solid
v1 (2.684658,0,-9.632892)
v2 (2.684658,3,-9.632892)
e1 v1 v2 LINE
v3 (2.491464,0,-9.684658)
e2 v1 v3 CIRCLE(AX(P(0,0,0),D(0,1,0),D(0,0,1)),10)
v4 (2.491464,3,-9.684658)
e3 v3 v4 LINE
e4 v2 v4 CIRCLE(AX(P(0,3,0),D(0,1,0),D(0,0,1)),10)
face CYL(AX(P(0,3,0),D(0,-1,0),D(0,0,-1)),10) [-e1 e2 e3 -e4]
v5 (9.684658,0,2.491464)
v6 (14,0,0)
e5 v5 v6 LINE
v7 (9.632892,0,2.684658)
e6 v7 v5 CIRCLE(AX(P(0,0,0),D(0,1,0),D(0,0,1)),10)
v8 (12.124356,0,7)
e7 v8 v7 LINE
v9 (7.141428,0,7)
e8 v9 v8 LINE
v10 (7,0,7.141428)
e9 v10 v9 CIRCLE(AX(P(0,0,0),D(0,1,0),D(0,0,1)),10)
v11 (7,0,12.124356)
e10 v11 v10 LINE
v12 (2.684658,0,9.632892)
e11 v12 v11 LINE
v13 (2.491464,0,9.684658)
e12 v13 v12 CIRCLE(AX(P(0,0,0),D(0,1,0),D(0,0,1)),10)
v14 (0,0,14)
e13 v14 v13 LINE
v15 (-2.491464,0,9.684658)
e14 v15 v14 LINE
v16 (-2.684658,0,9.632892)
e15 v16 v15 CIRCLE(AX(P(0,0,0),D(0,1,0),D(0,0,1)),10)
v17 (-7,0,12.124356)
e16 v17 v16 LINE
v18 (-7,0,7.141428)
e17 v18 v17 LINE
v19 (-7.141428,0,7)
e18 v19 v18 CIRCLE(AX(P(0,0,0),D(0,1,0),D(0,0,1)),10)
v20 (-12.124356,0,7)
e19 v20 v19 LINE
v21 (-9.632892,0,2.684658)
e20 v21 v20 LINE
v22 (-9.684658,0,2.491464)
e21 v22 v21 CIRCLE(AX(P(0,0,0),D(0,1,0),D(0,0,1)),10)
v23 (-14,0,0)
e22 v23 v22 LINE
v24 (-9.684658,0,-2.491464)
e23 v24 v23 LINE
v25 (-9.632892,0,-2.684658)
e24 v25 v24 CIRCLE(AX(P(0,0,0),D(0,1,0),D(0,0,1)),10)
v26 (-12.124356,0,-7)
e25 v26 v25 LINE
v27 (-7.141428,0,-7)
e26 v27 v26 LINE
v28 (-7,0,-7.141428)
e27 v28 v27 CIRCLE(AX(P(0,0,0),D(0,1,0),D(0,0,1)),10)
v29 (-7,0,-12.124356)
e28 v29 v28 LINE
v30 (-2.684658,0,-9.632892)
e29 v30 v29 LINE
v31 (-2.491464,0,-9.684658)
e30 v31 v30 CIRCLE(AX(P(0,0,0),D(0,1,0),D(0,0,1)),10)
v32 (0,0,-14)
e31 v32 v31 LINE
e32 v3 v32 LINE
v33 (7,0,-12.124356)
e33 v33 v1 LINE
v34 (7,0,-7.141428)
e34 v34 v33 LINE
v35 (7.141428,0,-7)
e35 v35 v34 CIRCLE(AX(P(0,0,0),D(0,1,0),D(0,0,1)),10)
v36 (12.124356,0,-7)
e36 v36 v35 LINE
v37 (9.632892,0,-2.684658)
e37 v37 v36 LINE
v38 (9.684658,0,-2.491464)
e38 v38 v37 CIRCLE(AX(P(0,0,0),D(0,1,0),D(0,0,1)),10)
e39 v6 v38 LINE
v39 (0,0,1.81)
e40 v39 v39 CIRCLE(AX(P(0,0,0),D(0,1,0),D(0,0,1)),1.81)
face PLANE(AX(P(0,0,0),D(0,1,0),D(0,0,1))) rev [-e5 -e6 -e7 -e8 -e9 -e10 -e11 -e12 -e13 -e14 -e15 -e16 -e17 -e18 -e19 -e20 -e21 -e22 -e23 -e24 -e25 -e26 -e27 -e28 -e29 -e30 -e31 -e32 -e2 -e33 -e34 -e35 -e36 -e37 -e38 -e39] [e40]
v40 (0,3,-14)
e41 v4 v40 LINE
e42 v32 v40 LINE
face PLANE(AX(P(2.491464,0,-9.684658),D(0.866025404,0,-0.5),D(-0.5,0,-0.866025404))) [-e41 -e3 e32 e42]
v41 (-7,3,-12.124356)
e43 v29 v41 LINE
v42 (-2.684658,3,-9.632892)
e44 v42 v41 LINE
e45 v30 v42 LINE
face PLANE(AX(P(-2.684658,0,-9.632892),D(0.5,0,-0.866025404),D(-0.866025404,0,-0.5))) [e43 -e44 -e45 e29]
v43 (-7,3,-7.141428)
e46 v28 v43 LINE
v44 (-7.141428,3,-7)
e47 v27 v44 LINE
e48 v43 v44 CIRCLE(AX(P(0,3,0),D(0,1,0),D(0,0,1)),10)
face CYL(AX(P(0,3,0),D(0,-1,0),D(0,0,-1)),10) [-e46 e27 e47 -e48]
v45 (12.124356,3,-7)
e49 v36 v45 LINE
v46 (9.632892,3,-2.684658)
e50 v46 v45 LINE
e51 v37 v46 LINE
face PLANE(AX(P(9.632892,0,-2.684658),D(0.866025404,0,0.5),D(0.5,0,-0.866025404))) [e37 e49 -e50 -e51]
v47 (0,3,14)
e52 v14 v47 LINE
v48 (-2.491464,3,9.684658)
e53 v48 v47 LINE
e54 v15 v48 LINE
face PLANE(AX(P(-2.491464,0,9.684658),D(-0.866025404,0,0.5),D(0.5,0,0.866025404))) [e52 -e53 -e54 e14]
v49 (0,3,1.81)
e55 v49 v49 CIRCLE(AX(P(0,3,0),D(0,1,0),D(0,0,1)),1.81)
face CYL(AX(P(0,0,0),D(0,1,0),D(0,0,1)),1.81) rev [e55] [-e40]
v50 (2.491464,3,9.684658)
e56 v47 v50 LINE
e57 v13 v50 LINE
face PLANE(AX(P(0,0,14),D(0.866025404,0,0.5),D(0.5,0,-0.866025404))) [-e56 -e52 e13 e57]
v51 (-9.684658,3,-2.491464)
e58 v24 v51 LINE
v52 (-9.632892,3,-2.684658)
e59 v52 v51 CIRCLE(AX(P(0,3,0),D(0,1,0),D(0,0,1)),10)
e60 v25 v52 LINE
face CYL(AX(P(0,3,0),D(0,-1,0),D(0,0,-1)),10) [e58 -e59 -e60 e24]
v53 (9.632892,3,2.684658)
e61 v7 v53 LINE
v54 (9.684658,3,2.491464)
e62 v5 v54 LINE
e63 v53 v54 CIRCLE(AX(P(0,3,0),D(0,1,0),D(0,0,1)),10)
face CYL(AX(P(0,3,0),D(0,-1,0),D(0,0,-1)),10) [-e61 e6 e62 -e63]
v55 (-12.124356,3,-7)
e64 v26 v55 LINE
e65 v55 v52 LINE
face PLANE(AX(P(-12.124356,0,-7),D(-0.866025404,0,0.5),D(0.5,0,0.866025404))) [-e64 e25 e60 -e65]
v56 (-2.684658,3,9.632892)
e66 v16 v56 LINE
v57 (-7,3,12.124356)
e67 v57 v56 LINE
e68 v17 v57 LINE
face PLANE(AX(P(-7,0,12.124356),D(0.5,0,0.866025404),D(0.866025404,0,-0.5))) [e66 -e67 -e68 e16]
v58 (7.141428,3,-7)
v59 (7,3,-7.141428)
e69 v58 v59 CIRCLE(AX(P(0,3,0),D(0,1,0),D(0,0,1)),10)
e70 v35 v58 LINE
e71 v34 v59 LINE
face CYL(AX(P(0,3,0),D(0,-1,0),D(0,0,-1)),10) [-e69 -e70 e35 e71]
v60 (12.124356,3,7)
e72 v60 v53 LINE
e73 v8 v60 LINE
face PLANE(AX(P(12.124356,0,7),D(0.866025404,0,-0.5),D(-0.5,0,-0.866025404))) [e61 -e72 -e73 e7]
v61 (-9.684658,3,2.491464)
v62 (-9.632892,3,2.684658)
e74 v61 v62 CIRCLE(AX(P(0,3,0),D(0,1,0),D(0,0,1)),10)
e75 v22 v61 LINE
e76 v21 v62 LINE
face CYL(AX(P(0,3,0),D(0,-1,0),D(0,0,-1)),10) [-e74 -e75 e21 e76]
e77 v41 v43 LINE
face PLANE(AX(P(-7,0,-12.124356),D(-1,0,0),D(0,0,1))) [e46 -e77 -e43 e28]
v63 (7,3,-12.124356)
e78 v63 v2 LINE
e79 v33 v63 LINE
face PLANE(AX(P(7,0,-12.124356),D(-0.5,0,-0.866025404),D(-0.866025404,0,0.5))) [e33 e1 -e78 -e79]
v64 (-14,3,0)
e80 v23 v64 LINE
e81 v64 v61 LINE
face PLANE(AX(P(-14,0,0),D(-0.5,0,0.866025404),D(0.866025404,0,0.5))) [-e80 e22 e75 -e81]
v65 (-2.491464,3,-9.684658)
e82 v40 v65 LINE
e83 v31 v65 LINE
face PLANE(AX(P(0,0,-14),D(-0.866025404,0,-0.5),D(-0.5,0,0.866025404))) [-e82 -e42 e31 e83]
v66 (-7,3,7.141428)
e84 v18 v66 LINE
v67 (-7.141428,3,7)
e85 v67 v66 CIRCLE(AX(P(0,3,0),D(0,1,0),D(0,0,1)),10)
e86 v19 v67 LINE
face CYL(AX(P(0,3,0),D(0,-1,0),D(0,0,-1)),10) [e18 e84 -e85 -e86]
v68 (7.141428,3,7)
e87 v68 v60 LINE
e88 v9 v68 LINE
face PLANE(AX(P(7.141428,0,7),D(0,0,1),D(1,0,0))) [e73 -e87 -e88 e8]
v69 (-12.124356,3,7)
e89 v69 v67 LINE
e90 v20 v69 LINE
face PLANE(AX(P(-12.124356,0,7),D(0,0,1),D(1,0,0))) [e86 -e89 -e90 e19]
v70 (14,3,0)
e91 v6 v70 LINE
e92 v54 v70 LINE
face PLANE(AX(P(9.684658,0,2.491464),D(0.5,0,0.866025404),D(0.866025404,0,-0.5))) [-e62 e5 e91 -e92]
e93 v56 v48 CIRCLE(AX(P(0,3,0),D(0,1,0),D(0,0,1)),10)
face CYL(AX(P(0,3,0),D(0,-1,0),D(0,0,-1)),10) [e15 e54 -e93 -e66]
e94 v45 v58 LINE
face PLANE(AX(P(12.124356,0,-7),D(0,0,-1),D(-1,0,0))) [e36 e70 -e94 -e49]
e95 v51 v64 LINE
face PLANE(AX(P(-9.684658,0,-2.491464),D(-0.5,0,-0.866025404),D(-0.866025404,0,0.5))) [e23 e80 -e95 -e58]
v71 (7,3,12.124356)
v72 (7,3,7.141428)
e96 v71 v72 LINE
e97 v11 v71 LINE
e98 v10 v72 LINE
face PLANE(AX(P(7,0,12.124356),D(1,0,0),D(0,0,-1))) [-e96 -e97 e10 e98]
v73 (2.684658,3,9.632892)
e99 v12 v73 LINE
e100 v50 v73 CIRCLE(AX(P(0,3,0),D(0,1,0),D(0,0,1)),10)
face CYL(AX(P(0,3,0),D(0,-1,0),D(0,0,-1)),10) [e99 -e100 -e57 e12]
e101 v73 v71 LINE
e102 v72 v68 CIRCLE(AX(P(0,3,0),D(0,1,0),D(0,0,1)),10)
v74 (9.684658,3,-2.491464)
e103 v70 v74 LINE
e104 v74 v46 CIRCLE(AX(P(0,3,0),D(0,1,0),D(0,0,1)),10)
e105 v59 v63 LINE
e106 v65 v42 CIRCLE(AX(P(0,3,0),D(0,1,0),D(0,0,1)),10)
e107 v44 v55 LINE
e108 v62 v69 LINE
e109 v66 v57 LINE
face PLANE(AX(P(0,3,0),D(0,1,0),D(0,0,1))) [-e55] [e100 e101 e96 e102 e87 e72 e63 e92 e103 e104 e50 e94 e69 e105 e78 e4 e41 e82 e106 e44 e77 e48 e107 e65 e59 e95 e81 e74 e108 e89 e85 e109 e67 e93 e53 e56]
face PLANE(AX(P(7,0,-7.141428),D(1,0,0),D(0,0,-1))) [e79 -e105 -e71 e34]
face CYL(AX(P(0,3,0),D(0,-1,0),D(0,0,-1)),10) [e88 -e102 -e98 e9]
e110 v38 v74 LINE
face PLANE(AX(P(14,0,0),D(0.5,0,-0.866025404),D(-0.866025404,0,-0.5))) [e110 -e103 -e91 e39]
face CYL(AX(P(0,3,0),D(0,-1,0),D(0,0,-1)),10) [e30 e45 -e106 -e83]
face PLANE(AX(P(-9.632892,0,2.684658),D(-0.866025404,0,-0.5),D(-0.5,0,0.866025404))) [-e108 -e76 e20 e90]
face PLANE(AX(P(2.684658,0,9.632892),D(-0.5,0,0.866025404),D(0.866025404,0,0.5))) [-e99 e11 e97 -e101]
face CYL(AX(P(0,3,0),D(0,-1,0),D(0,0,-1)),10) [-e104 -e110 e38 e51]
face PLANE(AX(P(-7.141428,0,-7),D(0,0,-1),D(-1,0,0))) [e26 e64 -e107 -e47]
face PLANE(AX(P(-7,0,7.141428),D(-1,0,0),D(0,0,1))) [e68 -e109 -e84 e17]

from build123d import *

# Parameters (mm, degrees)
SKETCH1_R           = 10
BOSS_EXTRUDE1_DEPTH = 3
BOSS_EXTRUDE2_DEPTH = 3
CIRPATTERN1_COUNT   = 12
SKETCH3_R           = 1.81
CUT_EXTRUDE1_DEPTH  = 3


with BuildPart() as part:
    # Sketch1 → Boss-Extrude1 (new body)
    with BuildSketch(Plane(origin=(0, 0, 0), x_dir=(1, 0, 0), z_dir=(0, 1, 0))):
        with Locations(Location((0, 0, 0), (0, 0, 270))):
            Circle(SKETCH1_R)
    extrude(amount=BOSS_EXTRUDE1_DEPTH)

    # Sketch2 → Boss-Extrude2 (add)
    with BuildSketch(Plane(origin=(0, 3, 0), x_dir=(1, 0, 0), z_dir=(0, 1, 0))):
        Polygon((0, 14), (-2.491463612, 9.684658438), (2.491463612, 9.684658438), align=None)
    boss_extrude2 = extrude(amount=-BOSS_EXTRUDE2_DEPTH)

    # CirPattern1: Boss-Extrude2 ×12 about axis
    cirpattern1_axis = Axis((0, 0, 0), (0, 1, 0))
    for i in range(1, CIRPATTERN1_COUNT):
        add(boss_extrude2.rotate(cirpattern1_axis, i * 360 / CIRPATTERN1_COUNT))

    # Sketch3 → Cut-Extrude1 (cut)
    with BuildSketch(Plane(origin=(0, 3, 0), x_dir=(1, 0, 0), z_dir=(0, 1, 0))):
        with Locations(Location((0, 0, 0), (0, 0, 270))):
            Circle(SKETCH3_R)
    extrude(amount=-CUT_EXTRUDE1_DEPTH, mode=Mode.SUBTRACT)


solid = part.part
